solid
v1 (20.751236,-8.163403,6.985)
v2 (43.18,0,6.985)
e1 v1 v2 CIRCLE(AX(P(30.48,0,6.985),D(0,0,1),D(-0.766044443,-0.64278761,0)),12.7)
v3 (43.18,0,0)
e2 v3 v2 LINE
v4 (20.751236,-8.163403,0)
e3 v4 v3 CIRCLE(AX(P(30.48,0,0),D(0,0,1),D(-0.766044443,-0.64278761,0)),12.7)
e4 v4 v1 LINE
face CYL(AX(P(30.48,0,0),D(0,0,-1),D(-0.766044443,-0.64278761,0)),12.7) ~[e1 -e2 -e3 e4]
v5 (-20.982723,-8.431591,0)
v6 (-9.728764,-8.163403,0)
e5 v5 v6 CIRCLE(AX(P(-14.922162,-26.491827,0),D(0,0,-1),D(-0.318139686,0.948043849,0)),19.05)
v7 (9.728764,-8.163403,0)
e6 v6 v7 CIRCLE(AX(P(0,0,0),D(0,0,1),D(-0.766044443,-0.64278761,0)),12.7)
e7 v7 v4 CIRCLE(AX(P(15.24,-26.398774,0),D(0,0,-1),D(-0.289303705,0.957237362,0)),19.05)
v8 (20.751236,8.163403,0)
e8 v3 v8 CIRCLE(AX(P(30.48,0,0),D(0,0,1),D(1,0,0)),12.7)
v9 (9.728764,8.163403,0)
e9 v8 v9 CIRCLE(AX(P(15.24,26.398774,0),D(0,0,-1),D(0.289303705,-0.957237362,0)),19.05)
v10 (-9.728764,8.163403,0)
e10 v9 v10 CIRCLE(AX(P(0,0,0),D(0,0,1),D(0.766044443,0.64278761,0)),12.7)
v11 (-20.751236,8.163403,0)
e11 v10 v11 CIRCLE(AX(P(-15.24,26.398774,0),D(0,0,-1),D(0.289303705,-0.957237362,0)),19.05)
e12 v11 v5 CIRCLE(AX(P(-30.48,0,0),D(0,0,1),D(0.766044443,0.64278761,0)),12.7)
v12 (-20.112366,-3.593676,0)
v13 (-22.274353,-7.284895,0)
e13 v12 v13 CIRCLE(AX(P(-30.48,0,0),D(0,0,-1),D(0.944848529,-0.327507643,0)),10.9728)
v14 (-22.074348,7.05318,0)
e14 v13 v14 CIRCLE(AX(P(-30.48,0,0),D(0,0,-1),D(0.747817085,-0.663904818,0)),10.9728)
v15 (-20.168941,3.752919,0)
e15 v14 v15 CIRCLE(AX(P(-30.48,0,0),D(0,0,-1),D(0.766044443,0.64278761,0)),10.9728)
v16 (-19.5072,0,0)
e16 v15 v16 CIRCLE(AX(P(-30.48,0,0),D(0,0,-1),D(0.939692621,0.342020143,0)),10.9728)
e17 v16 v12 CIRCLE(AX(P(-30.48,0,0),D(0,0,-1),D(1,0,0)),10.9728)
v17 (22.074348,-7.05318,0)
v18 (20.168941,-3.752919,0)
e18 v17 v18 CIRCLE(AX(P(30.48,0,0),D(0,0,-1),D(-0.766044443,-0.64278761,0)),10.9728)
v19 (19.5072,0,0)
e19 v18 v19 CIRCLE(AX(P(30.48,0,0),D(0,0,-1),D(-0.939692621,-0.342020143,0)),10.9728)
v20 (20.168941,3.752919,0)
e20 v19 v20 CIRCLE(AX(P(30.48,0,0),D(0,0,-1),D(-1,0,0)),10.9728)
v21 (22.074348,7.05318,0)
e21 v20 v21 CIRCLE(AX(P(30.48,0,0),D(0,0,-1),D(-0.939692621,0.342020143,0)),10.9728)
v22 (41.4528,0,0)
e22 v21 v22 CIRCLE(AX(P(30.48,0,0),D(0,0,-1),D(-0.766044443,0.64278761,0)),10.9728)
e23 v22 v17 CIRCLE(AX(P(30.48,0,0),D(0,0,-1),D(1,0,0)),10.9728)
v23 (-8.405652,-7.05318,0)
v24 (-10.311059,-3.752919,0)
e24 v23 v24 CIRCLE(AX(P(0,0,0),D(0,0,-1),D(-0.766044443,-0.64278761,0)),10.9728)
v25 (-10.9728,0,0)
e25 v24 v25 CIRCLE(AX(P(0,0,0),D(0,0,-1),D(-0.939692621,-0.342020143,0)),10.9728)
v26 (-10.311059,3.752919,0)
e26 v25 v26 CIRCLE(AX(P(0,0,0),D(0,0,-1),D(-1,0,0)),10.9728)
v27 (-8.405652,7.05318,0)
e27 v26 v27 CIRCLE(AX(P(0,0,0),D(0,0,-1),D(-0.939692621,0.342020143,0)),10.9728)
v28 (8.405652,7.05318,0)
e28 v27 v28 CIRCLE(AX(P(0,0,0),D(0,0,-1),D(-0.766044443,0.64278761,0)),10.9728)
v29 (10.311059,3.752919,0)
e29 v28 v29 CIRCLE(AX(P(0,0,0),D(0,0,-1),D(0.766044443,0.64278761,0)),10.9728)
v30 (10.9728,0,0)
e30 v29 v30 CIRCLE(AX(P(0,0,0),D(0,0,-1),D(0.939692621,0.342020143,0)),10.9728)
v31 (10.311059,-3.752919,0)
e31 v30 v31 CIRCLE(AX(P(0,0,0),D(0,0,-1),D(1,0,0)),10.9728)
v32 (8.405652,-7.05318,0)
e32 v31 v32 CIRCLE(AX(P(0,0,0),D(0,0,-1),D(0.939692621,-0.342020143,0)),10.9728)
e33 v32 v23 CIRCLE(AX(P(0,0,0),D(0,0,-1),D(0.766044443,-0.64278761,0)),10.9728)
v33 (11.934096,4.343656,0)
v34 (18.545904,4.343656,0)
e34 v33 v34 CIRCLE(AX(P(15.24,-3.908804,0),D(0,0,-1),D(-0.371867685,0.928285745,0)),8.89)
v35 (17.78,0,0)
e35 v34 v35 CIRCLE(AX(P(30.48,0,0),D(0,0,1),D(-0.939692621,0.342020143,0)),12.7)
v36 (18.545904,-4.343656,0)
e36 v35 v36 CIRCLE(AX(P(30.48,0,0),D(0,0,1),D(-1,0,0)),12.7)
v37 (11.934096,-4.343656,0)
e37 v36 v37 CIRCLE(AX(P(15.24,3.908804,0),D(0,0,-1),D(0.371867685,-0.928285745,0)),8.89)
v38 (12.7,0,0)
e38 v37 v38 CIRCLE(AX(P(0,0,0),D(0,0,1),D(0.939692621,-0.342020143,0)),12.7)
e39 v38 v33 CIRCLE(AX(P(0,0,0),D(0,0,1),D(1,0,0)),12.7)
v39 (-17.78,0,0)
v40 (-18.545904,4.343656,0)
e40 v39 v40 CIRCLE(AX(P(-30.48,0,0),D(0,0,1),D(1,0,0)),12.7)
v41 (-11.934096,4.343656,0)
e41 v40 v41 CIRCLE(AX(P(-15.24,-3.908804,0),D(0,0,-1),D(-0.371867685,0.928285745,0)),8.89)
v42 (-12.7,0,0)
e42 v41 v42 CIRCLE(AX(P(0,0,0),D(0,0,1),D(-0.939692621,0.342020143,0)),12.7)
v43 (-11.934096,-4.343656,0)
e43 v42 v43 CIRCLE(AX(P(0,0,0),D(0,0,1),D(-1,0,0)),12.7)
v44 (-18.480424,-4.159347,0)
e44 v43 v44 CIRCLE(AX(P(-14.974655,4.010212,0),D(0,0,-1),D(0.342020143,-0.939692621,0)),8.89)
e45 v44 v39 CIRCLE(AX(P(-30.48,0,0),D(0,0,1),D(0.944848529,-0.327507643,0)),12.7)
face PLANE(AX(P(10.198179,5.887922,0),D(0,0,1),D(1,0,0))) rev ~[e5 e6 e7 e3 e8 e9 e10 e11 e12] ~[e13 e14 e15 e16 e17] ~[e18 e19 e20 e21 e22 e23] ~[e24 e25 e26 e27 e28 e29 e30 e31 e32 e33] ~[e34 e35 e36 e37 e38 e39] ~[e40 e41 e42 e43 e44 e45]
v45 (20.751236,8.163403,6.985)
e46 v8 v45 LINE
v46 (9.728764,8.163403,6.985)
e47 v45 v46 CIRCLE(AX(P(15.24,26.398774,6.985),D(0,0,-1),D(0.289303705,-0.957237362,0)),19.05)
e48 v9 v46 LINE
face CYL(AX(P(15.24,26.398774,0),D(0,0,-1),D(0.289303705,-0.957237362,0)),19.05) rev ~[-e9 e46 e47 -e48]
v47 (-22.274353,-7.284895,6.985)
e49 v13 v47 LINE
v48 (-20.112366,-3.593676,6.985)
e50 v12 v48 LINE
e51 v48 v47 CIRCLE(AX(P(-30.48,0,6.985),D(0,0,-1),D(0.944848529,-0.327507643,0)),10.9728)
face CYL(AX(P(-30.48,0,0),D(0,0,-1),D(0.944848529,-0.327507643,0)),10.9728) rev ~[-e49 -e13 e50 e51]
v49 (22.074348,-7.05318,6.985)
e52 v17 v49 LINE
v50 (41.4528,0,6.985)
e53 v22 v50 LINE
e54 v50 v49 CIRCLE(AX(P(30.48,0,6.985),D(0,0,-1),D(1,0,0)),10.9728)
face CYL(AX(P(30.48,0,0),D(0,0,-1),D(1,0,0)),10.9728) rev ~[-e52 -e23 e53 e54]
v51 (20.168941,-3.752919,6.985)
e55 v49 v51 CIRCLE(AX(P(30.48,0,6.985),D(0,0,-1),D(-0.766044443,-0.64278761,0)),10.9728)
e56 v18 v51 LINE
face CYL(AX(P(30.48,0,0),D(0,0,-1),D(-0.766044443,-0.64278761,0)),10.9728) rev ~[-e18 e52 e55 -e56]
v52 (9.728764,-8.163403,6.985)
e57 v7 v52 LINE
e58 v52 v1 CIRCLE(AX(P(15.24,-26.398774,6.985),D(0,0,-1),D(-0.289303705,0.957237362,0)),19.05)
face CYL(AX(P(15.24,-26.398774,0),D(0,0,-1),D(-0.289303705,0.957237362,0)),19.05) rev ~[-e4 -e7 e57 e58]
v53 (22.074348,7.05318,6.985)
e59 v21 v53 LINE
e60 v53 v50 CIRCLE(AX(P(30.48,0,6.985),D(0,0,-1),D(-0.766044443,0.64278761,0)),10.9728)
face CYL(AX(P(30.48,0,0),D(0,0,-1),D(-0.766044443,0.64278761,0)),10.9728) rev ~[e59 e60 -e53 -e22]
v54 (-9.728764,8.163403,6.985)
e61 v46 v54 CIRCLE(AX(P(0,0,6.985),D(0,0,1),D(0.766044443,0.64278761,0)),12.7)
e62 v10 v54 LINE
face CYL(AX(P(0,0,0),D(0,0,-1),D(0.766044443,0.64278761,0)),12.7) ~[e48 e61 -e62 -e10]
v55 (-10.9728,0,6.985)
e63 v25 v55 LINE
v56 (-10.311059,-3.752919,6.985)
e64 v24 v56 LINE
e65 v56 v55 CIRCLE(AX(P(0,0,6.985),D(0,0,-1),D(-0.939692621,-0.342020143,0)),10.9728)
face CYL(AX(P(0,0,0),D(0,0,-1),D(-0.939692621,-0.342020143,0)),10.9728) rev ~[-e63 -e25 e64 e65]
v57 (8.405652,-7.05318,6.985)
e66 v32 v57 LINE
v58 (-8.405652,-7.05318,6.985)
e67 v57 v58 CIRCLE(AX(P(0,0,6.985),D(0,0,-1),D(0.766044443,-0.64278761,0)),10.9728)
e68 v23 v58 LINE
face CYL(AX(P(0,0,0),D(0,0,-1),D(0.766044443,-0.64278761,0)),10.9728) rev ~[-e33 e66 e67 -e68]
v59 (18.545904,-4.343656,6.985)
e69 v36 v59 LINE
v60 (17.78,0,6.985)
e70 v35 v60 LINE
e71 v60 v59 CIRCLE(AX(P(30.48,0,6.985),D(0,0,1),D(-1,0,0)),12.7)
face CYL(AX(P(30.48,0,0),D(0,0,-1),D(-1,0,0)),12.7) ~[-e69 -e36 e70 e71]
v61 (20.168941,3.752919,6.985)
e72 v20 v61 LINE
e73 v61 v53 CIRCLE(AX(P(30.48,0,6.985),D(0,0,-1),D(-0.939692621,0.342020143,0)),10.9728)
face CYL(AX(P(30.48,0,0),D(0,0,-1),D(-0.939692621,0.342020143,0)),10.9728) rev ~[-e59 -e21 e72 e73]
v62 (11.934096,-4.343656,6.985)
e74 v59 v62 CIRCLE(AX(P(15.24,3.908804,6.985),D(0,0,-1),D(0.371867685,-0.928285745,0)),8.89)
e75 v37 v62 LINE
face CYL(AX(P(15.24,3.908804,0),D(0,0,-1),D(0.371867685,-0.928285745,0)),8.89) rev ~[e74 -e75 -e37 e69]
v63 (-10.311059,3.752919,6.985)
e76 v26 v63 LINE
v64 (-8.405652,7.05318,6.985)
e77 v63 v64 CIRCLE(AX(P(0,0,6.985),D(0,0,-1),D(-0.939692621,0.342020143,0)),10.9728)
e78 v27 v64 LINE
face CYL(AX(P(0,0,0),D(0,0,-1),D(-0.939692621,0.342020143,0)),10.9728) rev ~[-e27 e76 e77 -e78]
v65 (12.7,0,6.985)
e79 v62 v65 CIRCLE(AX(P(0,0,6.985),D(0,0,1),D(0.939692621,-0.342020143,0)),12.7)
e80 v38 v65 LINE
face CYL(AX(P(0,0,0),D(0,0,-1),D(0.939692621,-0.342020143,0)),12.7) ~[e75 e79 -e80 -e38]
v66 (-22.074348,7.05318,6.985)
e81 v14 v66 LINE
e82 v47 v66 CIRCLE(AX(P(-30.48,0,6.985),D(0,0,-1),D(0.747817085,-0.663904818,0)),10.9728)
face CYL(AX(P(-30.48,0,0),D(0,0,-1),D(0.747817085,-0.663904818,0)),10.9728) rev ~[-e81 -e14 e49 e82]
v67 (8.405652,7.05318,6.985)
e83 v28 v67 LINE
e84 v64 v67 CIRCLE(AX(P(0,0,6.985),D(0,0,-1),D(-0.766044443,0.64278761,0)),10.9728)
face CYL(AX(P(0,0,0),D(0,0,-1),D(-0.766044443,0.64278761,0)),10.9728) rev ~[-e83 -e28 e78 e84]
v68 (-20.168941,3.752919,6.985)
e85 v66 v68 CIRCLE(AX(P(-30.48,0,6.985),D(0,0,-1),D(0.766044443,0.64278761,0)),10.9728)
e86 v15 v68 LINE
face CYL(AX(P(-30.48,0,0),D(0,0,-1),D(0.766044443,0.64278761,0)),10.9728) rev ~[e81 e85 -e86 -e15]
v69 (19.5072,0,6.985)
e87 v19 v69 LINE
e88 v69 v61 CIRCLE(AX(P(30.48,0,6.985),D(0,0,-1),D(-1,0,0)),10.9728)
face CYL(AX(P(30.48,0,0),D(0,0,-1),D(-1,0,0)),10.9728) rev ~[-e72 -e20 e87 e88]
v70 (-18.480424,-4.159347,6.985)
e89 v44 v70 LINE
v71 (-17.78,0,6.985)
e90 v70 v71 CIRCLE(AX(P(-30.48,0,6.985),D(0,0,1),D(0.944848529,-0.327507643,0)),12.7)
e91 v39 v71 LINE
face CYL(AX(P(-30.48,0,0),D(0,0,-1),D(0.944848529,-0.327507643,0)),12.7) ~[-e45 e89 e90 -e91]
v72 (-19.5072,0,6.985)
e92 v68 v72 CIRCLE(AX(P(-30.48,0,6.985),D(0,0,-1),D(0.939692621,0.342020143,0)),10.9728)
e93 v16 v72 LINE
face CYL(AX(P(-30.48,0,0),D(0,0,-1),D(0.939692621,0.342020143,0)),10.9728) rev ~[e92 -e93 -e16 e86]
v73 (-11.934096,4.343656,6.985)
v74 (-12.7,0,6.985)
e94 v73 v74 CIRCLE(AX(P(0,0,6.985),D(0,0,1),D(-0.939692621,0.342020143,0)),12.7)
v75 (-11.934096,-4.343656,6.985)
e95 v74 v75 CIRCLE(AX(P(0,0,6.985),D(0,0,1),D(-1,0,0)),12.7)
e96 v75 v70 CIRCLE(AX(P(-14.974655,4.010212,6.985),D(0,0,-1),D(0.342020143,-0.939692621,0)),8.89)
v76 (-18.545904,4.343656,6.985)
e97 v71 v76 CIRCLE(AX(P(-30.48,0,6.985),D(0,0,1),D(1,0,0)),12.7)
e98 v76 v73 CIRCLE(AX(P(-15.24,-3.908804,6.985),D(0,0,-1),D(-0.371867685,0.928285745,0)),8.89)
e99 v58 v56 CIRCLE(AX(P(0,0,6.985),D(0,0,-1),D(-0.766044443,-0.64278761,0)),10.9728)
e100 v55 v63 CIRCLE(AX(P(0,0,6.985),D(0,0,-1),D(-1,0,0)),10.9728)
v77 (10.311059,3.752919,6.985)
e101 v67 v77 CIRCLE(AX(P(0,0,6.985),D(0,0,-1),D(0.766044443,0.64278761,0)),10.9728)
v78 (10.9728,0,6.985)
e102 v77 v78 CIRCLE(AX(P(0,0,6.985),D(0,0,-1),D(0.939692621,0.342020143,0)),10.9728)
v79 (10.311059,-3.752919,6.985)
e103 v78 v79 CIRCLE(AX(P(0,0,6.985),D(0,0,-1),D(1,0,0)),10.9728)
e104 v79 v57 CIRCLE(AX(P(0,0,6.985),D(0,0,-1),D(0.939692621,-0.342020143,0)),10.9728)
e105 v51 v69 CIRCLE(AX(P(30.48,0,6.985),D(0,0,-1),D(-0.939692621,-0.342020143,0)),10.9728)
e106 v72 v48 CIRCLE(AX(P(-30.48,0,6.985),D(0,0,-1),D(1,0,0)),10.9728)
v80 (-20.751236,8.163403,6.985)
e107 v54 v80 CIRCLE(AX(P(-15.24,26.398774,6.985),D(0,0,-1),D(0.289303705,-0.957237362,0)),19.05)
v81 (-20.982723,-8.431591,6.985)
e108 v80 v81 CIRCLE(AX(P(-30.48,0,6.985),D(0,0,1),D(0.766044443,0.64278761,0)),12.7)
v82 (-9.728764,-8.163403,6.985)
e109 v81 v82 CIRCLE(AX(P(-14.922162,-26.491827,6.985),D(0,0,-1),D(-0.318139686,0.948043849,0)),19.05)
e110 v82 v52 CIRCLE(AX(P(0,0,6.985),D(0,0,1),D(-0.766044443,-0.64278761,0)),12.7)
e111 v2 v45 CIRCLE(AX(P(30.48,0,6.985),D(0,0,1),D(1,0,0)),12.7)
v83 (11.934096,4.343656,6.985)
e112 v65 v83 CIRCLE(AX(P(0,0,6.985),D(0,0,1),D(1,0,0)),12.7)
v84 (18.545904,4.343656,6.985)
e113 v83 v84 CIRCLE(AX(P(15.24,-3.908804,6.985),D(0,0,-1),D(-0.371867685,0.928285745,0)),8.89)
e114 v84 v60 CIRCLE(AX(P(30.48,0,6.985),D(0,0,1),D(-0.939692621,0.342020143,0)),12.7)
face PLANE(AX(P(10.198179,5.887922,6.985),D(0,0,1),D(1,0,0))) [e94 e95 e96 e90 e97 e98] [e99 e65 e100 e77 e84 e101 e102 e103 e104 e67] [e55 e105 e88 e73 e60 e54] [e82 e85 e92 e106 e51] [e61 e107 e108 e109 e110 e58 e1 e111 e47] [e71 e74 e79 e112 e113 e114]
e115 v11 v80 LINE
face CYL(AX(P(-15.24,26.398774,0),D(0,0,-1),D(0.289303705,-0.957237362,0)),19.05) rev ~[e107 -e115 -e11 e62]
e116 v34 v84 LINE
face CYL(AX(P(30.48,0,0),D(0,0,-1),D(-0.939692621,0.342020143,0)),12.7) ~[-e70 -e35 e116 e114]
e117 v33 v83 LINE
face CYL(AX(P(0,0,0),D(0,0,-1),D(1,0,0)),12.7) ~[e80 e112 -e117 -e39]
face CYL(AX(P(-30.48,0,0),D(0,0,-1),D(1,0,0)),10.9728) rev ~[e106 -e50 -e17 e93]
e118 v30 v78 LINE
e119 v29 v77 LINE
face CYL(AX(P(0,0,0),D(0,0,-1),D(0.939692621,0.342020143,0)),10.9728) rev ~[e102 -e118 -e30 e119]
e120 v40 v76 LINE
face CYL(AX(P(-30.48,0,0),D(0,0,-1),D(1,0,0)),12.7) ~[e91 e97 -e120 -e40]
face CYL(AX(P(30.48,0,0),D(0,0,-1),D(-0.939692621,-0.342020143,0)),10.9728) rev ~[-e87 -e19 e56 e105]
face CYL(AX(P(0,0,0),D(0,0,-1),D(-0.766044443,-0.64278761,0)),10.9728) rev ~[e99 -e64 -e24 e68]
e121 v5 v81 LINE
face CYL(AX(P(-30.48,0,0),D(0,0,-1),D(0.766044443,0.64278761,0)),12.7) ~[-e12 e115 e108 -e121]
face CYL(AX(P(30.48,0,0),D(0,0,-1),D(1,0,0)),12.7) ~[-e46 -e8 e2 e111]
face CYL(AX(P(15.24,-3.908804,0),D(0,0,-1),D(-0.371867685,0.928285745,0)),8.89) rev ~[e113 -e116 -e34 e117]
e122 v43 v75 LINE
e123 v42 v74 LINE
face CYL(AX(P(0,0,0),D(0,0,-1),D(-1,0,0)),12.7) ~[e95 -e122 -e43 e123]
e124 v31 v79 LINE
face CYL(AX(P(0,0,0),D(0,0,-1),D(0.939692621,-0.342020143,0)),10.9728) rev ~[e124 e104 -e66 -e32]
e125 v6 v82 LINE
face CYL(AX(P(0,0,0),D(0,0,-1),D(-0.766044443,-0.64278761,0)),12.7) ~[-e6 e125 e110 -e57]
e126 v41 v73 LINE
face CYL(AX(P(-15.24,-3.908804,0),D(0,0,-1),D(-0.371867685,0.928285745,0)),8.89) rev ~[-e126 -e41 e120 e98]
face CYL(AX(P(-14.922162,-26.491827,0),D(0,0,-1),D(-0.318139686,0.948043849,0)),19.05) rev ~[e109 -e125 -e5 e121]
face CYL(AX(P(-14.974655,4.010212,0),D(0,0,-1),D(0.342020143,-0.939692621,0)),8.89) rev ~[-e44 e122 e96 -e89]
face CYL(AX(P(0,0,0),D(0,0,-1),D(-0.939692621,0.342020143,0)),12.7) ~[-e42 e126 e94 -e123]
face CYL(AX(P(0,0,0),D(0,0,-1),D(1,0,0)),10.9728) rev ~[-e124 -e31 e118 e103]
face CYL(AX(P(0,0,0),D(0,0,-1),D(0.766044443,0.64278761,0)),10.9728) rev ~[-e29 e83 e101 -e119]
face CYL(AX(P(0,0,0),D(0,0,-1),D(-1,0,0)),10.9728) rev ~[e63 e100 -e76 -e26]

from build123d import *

# Parameters (mm, degrees)
F1_DEPTH = 6.985


with BuildPart() as f1:
    # F0 (on Top) → F1 (new body)
    with BuildSketch(Plane.XY):
        with BuildLine():
            ThreePointArc((8.4056524655, 7.0531798836), (9.5027235506, 5.4864), (10.3110591894, 3.7529186287))
            Line((10.3110591894, 3.7529186287), (11.934096284, 4.3436558202))
            ThreePointArc((11.934096284, 4.3436558202), (10.9985226281, 6.35), (9.7287644276, 8.163402643))
            Line((9.7287644276, 8.163402643), (8.4056524655, 7.0531798836))
        make_face()
        with BuildLine():
            Line((11.934096284, -4.3436558202), (10.3110591894, -3.7529186287))
            ThreePointArc((10.3110591894, -3.7529186287), (9.5027235506, -5.4864), (8.4056524655, -7.0531798836))
            Line((8.4056524655, -7.0531798836), (9.7287644276, -8.163402643))
            ThreePointArc((9.7287644276, -8.163402643), (10.9985226281, -6.35), (11.934096284, -4.3436558202))
        make_face()
        with BuildLine():
            ThreePointArc((-8.4056524655, 7.0531798836), (0, 10.9728), (8.4056524655, 7.0531798836))
            Line((8.4056524655, 7.0531798836), (9.7287644276, 8.163402643))
            ThreePointArc((9.7287644276, 8.163402643), (0, 12.7), (-9.7287644276, 8.163402643))
            Line((-9.7287644276, 8.163402643), (-8.4056524655, 7.0531798836))
        make_face()
        with BuildLine():
            ThreePointArc((9.7287644276, 8.163402643), (10.9985226281, 6.35), (11.934096284, 4.3436558202))
            ThreePointArc((11.934096284, 4.3436558202), (15.24, 4.9811955434), (18.545903716, 4.3436558202))
            ThreePointArc((18.545903716, 4.3436558202), (19.4814773719, 6.35), (20.7512355724, 8.163402643))
            ThreePointArc((20.7512355724, 8.163402643), (15.24, 7.3487743822), (9.7287644276, 8.163402643))
        make_face()
        with BuildLine():
            Line((9.7287644276, -8.163402643), (8.4056524655, -7.0531798836))
            ThreePointArc((8.4056524655, -7.0531798836), (0, -10.9728), (-8.4056524655, -7.0531798836))
            Line((-8.4056524655, -7.0531798836), (-9.7287644276, -8.163402643))
            ThreePointArc((-9.7287644276, -8.163402643), (0, -12.7), (9.7287644276, -8.163402643))
        make_face()
        with BuildLine():
            ThreePointArc((18.545903716, -4.3436558202), (15.24, -4.9811955434), (11.934096284, -4.3436558202))
            ThreePointArc((11.934096284, -4.3436558202), (10.9985226281, -6.35), (9.7287644276, -8.163402643))
            ThreePointArc((9.7287644276, -8.163402643), (15.24, -7.3487743822), (20.7512355724, -8.163402643))
            ThreePointArc((20.7512355724, -8.163402643), (19.4814773719, -6.35), (18.545903716, -4.3436558202))
        make_face()
        with BuildLine():
            Line((-11.934096284, 4.3436558202), (-10.3110591894, 3.7529186287))
            ThreePointArc((-10.3110591894, 3.7529186287), (-9.5027235506, 5.4864), (-8.4056524655, 7.0531798836))
            Line((-8.4056524655, 7.0531798836), (-9.7287644276, 8.163402643))
            ThreePointArc((-9.7287644276, 8.163402643), (-10.9985226281, 6.35), (-11.934096284, 4.3436558202))
        make_face()
        with BuildLine():
            ThreePointArc((-8.4056524655, -7.0531798836), (-9.5027235506, -5.4864), (-10.3110591894, -3.7529186287))
            Line((-10.3110591894, -3.7529186287), (-11.934096284, -4.3436558202))
            ThreePointArc((-11.934096284, -4.3436558202), (-10.9985226281, -6.35), (-9.7287644276, -8.163402643))
            Line((-9.7287644276, -8.163402643), (-8.4056524655, -7.0531798836))
        make_face()
        with BuildLine():
            ThreePointArc((20.7512355724, 8.163402643), (19.4814773719, 6.35), (18.545903716, 4.3436558202))
            Line((18.545903716, 4.3436558202), (20.1689408106, 3.7529186287))
            ThreePointArc((20.1689408106, 3.7529186287), (20.9772764494, 5.4864), (22.0743475345, 7.0531798836))
            Line((22.0743475345, 7.0531798836), (20.7512355724, 8.163402643))
        make_face()
        with BuildLine():
            Line((20.1689408106, -3.7529186287), (18.545903716, -4.3436558202))
            ThreePointArc((18.545903716, -4.3436558202), (19.4814773719, -6.35), (20.7512355724, -8.163402643))
            Line((20.7512355724, -8.163402643), (22.0743475345, -7.0531798836))
            ThreePointArc((22.0743475345, -7.0531798836), (20.9772764494, -5.4864), (20.1689408106, -3.7529186287))
        make_face()
        with BuildLine():
            ThreePointArc((-18.545903716, 4.3436558202), (-15.24, 4.9811955434), (-11.934096284, 4.3436558202))
            ThreePointArc((-11.934096284, 4.3436558202), (-10.9985226281, 6.35), (-9.7287644276, 8.163402643))
            ThreePointArc((-9.7287644276, 8.163402643), (-15.24, 7.3487743822), (-20.7512355724, 8.163402643))
            ThreePointArc((-20.7512355724, 8.163402643), (-19.4814773719, 6.35), (-18.545903716, 4.3436558202))
        make_face()
        with BuildLine():
            ThreePointArc((-9.7287644276, -8.163402643), (-10.9985226281, -6.35), (-11.934096284, -4.3436558202))
            ThreePointArc((-11.934096284, -4.3436558202), (-15.2248499604, -4.8762670638), (-18.480423676, -4.1593470694))
            ThreePointArc((-18.480423676, -4.1593470694), (-19.5213644577, -6.4185907372), (-20.9827230197, -8.4315911879))
            ThreePointArc((-20.9827230197, -8.4315911879), (-15.3760060095, -7.4472334353), (-9.7287644276, -8.163402643))
        make_face()
        with BuildLine():
            ThreePointArc((43.18, 0), (34.8236558202, 11.934096284), (20.7512355724, 8.163402643))
            Line((20.7512355724, 8.163402643), (22.0743475345, 7.0531798836))
            ThreePointArc((22.0743475345, 7.0531798836), (34.2329186287, 10.3110591894), (41.4528, 0))
            ThreePointArc((41.4528, 0), (34.2329186287, -10.3110591894), (22.0743475345, -7.0531798836))
            Line((22.0743475345, -7.0531798836), (20.7512355724, -8.163402643))
            ThreePointArc((20.7512355724, -8.163402643), (34.8236558202, -11.934096284), (43.18, 0))
        make_face()
        with BuildLine():
            Line((-20.1689408106, 3.7529186287), (-18.545903716, 4.3436558202))
            ThreePointArc((-18.545903716, 4.3436558202), (-19.4814773719, 6.35), (-20.7512355724, 8.163402643))
            Line((-20.7512355724, 8.163402643), (-22.0743475345, 7.0531798836))
            ThreePointArc((-22.0743475345, 7.0531798836), (-20.9772764494, 5.4864), (-20.1689408106, 3.7529186287))
        make_face()
        with BuildLine():
            Line((-22.0743475345, 7.0531798836), (-20.7512355724, 8.163402643))
            ThreePointArc((-20.7512355724, 8.163402643), (-43.1787645902, 0.1771380351), (-20.9827230197, -8.4315911879))
            Line((-20.9827230197, -8.4315911879), (-22.2743526891, -7.2848947864))
            ThreePointArc((-22.2743526891, -7.2848947864), (-41.4517326059, 0.1530472623), (-22.0743475345, 7.0531798836))
        make_face()
        with BuildLine():
            ThreePointArc((-20.9827230197, -8.4315911879), (-19.5213644577, -6.4185907372), (-18.480423676, -4.1593470694))
            Line((-18.480423676, -4.1593470694), (-20.112366056, -3.5936758679))
            ThreePointArc((-20.112366056, -3.5936758679), (-21.0117388915, -5.5456623969), (-22.2743526891, -7.2848947864))
            Line((-22.2743526891, -7.2848947864), (-20.9827230197, -8.4315911879))
        make_face()
        with BuildLine():
            Line((-19.5072, 0), (-17.78, 0))
            ThreePointArc((-17.78, 0), (-17.9729415367, 2.2053318564), (-18.545903716, 4.3436558202))
            Line((-18.545903716, 4.3436558202), (-20.1689408106, 3.7529186287))
            ThreePointArc((-20.1689408106, 3.7529186287), (-19.6739014877, 1.9054067239), (-19.5072, 0))
        make_face()
        with BuildLine():
            ThreePointArc((-18.480423676, -4.1593470694), (-17.9563300244, -2.1089547986), (-17.78, 0))
            Line((-17.78, 0), (-19.5072, 0))
            ThreePointArc((-19.5072, 0), (-19.6595491411, -1.8221369459), (-20.112366056, -3.5936758679))
            Line((-20.112366056, -3.5936758679), (-18.480423676, -4.1593470694))
        make_face()
        with BuildLine():
            Line((-12.7, 0), (-10.9728, 0))
            ThreePointArc((-10.9728, 0), (-10.8060985123, 1.9054067239), (-10.3110591894, 3.7529186287))
            Line((-10.3110591894, 3.7529186287), (-11.934096284, 4.3436558202))
            ThreePointArc((-11.934096284, 4.3436558202), (-12.5070584633, 2.2053318564), (-12.7, 0))
        make_face()
        with BuildLine():
            ThreePointArc((-10.3110591894, -3.7529186287), (-10.8060985123, -1.9054067239), (-10.9728, 0))
            Line((-10.9728, 0), (-12.7, 0))
            ThreePointArc((-12.7, 0), (-12.5070584633, -2.2053318564), (-11.934096284, -4.3436558202))
            Line((-11.934096284, -4.3436558202), (-10.3110591894, -3.7529186287))
        make_face()
        with BuildLine():
            ThreePointArc((10.3110591894, 3.7529186287), (10.8060985123, 1.9054067239), (10.9728, 0))
            Line((10.9728, 0), (12.7, 0))
            ThreePointArc((12.7, 0), (12.5070584633, 2.2053318564), (11.934096284, 4.3436558202))
            Line((11.934096284, 4.3436558202), (10.3110591894, 3.7529186287))
        make_face()
        with BuildLine():
            Line((12.7, 0), (10.9728, 0))
            ThreePointArc((10.9728, 0), (10.8060985123, -1.9054067239), (10.3110591894, -3.7529186287))
            Line((10.3110591894, -3.7529186287), (11.934096284, -4.3436558202))
            ThreePointArc((11.934096284, -4.3436558202), (12.5070584633, -2.2053318564), (12.7, 0))
        make_face()
        with BuildLine():
            ThreePointArc((18.545903716, 4.3436558202), (17.9729415367, 2.2053318564), (17.78, 0))
            Line((17.78, 0), (19.5072, 0))
            ThreePointArc((19.5072, 0), (19.6739014877, 1.9054067239), (20.1689408106, 3.7529186287))
            Line((20.1689408106, 3.7529186287), (18.545903716, 4.3436558202))
        make_face()
        with BuildLine():
            Line((19.5072, 0), (17.78, 0))
            ThreePointArc((17.78, 0), (17.9729415367, -2.2053318564), (18.545903716, -4.3436558202))
            Line((18.545903716, -4.3436558202), (20.1689408106, -3.7529186287))
            ThreePointArc((20.1689408106, -3.7529186287), (19.6739014877, -1.9054067239), (19.5072, 0))
        make_face()
    extrude(amount=F1_DEPTH)


solid = f1.part
